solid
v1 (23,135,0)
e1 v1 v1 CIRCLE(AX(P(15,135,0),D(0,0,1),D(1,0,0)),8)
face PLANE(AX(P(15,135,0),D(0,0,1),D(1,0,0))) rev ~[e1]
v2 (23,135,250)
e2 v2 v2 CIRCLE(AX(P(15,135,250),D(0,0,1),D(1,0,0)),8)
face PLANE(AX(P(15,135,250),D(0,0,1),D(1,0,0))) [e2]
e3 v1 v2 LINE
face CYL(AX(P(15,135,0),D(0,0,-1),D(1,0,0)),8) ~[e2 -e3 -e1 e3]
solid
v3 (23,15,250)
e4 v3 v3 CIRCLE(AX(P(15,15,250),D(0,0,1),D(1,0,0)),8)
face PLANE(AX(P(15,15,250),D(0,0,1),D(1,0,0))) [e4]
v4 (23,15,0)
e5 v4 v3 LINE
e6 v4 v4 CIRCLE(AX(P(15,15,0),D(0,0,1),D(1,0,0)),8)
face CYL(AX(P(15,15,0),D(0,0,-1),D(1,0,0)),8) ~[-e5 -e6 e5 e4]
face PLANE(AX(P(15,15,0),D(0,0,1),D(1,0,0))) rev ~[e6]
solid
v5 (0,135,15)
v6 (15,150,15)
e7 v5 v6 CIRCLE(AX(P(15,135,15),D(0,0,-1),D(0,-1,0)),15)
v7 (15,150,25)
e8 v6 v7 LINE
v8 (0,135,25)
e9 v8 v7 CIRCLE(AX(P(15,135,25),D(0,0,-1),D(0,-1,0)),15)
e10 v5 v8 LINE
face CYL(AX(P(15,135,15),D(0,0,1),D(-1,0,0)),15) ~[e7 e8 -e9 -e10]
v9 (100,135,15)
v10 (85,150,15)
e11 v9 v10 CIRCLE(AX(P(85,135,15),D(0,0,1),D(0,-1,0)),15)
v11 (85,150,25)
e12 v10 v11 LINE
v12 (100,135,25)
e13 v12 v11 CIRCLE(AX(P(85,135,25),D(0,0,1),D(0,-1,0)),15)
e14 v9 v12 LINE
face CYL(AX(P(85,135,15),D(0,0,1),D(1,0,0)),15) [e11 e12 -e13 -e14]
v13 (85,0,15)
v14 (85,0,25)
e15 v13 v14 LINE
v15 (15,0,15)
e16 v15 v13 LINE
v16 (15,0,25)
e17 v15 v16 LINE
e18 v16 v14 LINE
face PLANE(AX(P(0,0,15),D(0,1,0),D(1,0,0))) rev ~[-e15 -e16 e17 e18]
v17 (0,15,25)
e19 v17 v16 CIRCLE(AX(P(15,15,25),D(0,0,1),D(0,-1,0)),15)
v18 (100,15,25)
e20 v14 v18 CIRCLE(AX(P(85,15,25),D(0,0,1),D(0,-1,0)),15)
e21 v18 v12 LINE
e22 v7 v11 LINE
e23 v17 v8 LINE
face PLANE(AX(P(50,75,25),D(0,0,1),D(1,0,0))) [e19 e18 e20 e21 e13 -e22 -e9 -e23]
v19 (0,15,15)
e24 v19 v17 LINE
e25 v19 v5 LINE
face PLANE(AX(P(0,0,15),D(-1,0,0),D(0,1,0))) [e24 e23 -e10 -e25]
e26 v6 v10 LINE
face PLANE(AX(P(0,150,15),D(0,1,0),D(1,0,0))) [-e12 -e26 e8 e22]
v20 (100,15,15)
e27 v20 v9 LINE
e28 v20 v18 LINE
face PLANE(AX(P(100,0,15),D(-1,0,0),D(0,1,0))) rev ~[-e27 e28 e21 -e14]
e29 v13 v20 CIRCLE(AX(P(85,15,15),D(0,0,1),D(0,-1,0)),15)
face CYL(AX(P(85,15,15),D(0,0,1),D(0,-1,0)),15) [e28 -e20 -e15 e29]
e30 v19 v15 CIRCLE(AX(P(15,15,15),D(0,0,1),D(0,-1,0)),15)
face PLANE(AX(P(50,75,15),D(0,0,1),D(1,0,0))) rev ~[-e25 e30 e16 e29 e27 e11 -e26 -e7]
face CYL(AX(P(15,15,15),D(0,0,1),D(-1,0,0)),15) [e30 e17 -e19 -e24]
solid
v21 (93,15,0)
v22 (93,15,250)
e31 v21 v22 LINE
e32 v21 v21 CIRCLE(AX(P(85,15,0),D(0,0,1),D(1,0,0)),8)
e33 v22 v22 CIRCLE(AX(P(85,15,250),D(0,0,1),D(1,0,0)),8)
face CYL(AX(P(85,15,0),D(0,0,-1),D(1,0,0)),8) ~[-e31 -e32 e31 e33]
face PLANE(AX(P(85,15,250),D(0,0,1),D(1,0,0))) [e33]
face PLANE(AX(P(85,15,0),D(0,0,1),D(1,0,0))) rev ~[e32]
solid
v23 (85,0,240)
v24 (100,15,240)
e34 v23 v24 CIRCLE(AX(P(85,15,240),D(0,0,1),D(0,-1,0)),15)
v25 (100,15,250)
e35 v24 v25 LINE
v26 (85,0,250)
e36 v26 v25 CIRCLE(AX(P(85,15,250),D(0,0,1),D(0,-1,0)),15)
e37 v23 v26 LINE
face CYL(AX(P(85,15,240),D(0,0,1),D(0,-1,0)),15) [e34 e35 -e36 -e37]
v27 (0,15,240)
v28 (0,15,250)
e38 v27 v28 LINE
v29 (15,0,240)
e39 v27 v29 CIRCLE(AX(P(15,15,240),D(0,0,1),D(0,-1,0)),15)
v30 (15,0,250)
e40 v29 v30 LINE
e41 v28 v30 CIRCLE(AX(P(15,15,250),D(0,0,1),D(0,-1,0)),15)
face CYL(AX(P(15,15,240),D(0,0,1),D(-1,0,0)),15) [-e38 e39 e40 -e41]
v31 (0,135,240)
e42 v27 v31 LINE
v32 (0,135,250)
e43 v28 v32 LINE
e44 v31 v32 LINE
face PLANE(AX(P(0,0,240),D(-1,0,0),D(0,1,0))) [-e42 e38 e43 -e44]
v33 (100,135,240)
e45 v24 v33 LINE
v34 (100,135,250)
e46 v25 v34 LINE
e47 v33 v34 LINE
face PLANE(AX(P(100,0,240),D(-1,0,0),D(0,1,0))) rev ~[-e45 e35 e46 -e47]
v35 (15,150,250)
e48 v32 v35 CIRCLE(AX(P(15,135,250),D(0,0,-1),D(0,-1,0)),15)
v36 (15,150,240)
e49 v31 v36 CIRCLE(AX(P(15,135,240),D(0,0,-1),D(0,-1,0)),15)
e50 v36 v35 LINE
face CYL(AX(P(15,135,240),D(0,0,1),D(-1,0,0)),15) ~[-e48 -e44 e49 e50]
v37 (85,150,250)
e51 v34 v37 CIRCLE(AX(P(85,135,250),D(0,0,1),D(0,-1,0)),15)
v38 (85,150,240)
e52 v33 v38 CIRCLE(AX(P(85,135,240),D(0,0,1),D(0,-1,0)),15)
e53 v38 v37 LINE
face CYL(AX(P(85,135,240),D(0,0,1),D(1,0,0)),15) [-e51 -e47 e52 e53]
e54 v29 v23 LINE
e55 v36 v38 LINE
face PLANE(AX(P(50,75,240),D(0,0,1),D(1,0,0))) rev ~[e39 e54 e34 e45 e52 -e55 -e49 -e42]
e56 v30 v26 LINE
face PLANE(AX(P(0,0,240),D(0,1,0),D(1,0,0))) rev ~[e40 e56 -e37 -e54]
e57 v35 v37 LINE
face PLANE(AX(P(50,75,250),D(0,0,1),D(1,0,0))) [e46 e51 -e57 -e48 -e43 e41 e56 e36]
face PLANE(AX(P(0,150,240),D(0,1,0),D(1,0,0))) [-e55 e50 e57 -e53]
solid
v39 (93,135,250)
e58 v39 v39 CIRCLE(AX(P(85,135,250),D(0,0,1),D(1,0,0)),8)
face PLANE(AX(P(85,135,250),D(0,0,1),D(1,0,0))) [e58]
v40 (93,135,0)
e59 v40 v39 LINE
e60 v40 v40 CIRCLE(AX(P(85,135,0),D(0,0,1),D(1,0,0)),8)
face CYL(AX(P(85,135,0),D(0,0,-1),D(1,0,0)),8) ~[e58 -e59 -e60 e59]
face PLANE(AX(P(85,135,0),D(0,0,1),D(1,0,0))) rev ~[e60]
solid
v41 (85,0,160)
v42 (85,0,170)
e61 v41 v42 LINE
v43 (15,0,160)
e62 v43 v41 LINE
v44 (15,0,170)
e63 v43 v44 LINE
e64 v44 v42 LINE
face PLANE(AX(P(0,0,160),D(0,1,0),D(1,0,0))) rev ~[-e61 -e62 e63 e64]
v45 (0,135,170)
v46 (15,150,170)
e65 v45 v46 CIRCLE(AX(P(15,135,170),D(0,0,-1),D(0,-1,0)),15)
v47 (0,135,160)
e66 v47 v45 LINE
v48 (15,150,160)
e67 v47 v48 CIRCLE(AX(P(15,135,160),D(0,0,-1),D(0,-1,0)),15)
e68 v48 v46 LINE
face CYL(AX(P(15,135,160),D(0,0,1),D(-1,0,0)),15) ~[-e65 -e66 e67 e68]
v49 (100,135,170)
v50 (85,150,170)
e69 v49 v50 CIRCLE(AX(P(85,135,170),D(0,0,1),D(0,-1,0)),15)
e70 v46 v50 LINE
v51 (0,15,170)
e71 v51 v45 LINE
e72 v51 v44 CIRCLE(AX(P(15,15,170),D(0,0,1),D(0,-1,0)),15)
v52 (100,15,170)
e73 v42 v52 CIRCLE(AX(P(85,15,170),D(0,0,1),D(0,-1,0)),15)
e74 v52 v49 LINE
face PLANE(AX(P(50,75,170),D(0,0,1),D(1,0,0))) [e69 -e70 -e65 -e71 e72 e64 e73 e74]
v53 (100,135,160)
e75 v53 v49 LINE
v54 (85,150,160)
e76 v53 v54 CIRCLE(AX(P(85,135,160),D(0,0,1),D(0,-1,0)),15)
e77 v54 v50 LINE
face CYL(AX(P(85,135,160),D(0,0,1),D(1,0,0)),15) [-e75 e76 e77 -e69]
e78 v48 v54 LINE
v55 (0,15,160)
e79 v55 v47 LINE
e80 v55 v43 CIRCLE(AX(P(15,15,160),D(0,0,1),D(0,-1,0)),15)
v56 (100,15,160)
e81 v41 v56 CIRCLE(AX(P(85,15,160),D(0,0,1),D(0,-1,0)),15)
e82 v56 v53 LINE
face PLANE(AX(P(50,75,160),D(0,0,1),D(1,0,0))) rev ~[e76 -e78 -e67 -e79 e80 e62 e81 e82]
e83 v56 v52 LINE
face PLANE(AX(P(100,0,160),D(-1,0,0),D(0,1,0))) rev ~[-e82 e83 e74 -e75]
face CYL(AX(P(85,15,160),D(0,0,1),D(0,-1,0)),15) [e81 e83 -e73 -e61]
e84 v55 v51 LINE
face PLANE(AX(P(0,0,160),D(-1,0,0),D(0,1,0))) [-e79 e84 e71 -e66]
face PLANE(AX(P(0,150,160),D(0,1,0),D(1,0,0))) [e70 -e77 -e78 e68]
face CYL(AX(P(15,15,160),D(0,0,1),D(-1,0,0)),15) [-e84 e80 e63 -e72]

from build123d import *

# Parameters (mm, degrees)
BOX_W             = 100
BOX_H             = 150
BOX_DEPTH         = 10
FILLET_R          = 15
BOX001_W          = 100
BOX001_H          = 150
BOX001_DEPTH      = 10
FILLET001_R       = 15
BOX002_W          = 100
BOX002_H          = 150
BOX002_DEPTH      = 10
FILLET002_R       = 15
CYLINDER_R        = 8
CYLINDER_DEPTH    = 250
CYLINDER001_R     = 8
CYLINDER001_DEPTH = 250
CYLINDER002_R     = 8
CYLINDER002_DEPTH = 250
CYLINDER003_R     = 8
CYLINDER003_DEPTH = 250


with BuildPart() as baldaredondeada1:
    # Box → Box (new body)
    with BuildSketch(Plane.XY):
        with Locations((50, 75)):
            Rectangle(BOX_W, BOX_H)
    extrude(amount=BOX_DEPTH)

    # Fillet
    fillet_edges = [baldaredondeada1.edges().sort_by_distance(p)[0] for p in [
        (0, 0, 5),
        (0, 150, 5),
        (100, 0, 5),
        (100, 150, 5),
    ]]
    fillet(fillet_edges, radius=FILLET_R)


with BuildPart() as baldaredondeada1_1:
    # Fillet placement: moved
    add(baldaredondeada1.part.moved(Location((0, 0, 240))))


with BuildPart() as baldaredondeada2:
    # Box001 → Box001 (new body)
    with BuildSketch(Plane.XY):
        with Locations((50, 75)):
            Rectangle(BOX001_W, BOX001_H)
    extrude(amount=BOX001_DEPTH)

    # Fillet001
    fillet001_edges = [baldaredondeada2.edges().sort_by_distance(p)[0] for p in [
        (0, 0, 5),
        (0, 150, 5),
        (100, 0, 5),
        (100, 150, 5),
    ]]
    fillet(fillet001_edges, radius=FILLET001_R)


with BuildPart() as baldaredondeada2_1:
    # Fillet001 placement: moved
    add(baldaredondeada2.part.moved(Location((0, 0, 160))))


with BuildPart() as baldaredondeada3:
    # Box002 → Box002 (new body)
    with BuildSketch(Plane.XY):
        with Locations((50, 75)):
            Rectangle(BOX002_W, BOX002_H)
    extrude(amount=BOX002_DEPTH)

    # Fillet002
    fillet002_edges = [baldaredondeada3.edges().sort_by_distance(p)[0] for p in [
        (0, 0, 5),
        (0, 150, 5),
        (100, 0, 5),
        (100, 150, 5),
    ]]
    fillet(fillet002_edges, radius=FILLET002_R)


with BuildPart() as baldaredondeada3_1:
    # Fillet002 placement: moved
    add(baldaredondeada3.part.moved(Location((0, 0, 15))))


with BuildPart() as pata1:
    # Cylinder → Cylinder (new body)
    with BuildSketch(Plane(origin=(15, 15, 0), x_dir=(1, 0, 0), z_dir=(0, 0, 1))):
        Circle(CYLINDER_R)
    extrude(amount=CYLINDER_DEPTH)


with BuildPart() as pata002:
    # Cylinder001 → Cylinder001 (new body)
    with BuildSketch(Plane(origin=(85, 15, 0), x_dir=(1, 0, 0), z_dir=(0, 0, 1))):
        Circle(CYLINDER001_R)
    extrude(amount=CYLINDER001_DEPTH)


with BuildPart() as pata003:
    # Cylinder002 → Cylinder002 (new body)
    with BuildSketch(Plane(origin=(85, 135, 0), x_dir=(1, 0, 0), z_dir=(0, 0, 1))):
        Circle(CYLINDER002_R)
    extrude(amount=CYLINDER002_DEPTH)


with BuildPart() as pata004:
    # Cylinder003 → Cylinder003 (new body)
    with BuildSketch(Plane(origin=(15, 135, 0), x_dir=(1, 0, 0), z_dir=(0, 0, 1))):
        Circle(CYLINDER003_R)
    extrude(amount=CYLINDER003_DEPTH)


solid = Compound([baldaredondeada1_1.part, baldaredondeada2_1.part, baldaredondeada3_1.part, pata1.part, pata002.part, pata003.part, pata004.part])
